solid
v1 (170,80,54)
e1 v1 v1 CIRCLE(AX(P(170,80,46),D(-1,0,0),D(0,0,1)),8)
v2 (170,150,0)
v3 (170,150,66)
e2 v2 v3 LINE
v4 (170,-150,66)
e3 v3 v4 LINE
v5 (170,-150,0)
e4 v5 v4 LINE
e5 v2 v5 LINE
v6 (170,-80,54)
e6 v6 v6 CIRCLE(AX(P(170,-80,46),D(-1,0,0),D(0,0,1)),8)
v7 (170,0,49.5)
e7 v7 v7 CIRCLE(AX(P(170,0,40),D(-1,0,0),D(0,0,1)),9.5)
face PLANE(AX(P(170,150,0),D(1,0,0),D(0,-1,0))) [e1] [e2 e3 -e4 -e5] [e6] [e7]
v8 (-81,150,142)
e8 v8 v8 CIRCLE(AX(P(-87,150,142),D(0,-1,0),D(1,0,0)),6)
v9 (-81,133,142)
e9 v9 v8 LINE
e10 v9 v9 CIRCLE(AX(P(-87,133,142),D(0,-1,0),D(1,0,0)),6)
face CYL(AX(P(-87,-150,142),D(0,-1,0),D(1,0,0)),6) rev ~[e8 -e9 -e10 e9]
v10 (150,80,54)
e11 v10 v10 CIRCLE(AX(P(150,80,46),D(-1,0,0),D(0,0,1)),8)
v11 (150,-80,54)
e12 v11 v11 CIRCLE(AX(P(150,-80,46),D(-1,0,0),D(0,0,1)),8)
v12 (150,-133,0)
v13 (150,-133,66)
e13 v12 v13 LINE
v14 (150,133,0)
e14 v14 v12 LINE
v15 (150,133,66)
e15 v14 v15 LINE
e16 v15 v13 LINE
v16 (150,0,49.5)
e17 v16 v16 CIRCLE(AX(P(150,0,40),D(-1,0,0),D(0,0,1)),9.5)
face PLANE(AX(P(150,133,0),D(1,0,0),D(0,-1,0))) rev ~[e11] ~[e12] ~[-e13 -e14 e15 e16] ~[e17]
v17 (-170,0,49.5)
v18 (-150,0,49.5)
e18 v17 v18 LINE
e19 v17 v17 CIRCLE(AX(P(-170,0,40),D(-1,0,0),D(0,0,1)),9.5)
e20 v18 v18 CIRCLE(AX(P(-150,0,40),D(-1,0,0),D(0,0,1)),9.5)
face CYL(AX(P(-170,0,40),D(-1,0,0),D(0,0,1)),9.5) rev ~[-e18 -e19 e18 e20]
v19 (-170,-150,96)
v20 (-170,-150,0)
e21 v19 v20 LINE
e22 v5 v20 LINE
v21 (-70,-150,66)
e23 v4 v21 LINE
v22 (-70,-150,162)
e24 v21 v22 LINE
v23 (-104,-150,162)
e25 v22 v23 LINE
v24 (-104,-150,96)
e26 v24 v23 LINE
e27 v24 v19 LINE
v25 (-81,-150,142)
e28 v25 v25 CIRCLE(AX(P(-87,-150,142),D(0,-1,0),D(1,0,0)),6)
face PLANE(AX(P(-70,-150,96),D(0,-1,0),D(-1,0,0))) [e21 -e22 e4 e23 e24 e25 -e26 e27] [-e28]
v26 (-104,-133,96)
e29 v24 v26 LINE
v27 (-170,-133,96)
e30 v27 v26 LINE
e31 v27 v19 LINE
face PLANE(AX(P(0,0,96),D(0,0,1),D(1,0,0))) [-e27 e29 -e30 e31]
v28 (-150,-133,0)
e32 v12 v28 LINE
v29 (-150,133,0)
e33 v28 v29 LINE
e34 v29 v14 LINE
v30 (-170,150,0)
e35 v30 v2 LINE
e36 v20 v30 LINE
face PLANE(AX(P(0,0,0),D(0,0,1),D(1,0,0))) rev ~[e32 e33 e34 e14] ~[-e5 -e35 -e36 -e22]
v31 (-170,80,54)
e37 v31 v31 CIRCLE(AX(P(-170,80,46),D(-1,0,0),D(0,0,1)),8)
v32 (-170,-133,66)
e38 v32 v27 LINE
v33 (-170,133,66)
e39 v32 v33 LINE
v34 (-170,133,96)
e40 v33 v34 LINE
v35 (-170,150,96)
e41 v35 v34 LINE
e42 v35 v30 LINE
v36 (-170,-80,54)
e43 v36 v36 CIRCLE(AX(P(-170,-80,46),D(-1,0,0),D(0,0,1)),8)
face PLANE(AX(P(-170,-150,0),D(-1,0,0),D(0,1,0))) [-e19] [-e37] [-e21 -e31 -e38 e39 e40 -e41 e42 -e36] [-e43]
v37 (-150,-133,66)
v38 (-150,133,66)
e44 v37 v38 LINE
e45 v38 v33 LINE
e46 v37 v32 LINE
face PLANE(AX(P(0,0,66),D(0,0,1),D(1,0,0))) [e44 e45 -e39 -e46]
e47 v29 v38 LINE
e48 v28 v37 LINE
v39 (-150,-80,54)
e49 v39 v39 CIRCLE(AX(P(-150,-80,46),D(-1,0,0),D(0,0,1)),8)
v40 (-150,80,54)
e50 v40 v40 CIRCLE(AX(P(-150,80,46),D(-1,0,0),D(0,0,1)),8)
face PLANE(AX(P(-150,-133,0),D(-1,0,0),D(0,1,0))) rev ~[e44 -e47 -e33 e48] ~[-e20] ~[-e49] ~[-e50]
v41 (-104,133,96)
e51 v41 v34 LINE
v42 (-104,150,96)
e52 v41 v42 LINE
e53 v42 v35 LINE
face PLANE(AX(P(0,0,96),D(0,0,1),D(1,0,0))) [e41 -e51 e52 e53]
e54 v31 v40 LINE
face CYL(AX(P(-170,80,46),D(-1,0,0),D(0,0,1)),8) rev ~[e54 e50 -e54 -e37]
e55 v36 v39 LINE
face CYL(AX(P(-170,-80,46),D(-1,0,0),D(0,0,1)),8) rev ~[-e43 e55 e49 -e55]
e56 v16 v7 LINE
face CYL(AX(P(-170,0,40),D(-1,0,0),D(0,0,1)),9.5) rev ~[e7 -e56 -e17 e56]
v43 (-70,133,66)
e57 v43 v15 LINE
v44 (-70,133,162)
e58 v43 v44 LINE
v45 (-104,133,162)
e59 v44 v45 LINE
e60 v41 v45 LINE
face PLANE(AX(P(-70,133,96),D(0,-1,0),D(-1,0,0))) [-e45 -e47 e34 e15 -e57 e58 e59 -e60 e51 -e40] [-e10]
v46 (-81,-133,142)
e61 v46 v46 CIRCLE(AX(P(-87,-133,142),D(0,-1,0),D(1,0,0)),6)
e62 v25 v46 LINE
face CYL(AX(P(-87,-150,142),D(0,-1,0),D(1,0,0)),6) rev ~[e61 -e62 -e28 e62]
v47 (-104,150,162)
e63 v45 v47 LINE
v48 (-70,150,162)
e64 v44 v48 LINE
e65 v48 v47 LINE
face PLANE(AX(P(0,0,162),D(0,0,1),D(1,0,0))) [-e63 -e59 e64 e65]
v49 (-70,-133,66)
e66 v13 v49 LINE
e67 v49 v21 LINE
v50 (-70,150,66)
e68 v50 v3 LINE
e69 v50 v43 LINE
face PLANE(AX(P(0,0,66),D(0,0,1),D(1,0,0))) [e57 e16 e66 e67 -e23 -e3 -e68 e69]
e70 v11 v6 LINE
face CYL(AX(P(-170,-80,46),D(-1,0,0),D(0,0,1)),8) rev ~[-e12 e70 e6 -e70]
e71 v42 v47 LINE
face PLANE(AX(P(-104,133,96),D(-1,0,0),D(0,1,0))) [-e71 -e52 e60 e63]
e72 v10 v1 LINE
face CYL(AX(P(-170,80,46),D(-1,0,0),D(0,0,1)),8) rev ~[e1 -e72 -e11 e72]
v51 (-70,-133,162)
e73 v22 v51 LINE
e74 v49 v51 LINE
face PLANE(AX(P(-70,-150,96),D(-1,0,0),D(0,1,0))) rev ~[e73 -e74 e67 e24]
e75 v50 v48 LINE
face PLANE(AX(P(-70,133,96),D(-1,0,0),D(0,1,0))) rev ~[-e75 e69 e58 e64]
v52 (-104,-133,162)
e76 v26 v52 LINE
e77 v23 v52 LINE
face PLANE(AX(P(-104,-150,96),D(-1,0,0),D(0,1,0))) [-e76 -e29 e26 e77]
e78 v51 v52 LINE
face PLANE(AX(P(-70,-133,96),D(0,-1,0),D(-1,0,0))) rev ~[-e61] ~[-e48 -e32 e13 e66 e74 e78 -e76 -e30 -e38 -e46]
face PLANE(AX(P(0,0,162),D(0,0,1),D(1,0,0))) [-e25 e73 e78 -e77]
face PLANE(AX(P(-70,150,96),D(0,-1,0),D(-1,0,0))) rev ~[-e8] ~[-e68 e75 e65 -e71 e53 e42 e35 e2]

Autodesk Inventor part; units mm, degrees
sketch "Sketch1" plane through (0, 0, 0) normal (0, 0, 1) x (1, 0, 0)
  line L0 (150, -133) -> (-150, -133)
  line L1 (-150, -133) -> (-150, 133)
  line L2 (-150, 133) -> (150, 133)
  line L3 (150, 133) -> (150, -133)
  line L4 (0, 0) -> (0, 56.2774)
  line L5 (0, 0) -> (78.3407, 0)
  line L6 (170, -150) -> (-170, -150)
  line L7 (-170, -150) -> (-170, 150)
  line L8 (-170, 150) -> (170, 150)
  line L9 (170, 150) -> (170, -150)
  point P0 (0, 133)
  point P1 (150, 0)
  dimension "d0" = 300
  dimension "d1" = 266
  dimension "d2" = 17
  dimension "d3" = 17
  dimension "d4" = 20
  dimension "d5" = 20
extrude "Extrusion1" add sketch "Sketch1" along normal blind 66
sketch "Sketch2" plane through (-170, -150, 0) normal (-1, 0, 0) x (0, 0, 1)
  circle A0 centre (46, 230) radius 8 projected
  circle A1 centre (46, 70) radius 8 projected
  circle A2 centre (46, 230) radius 8
  circle A3 centre (46, 70) radius 8
  circle A4 centre (40, 150) radius 9.5 projected
  circle A5 centre (40, 150) radius 9.5
  point P0 (0, 150)
extrude "Extrusion2" cut sketch "Sketch2" against normal through all
sketch "Sketch4" plane through (0, 0, 66) normal (0, 0, 1) x (1, 0, 0)
  line L0 (150, -133) -> (-150, -133) projected
  line L1 (170, 150) -> (-170, 150) projected
  line L2 (-170, 150) -> (-170, -150) projected
  line L3 (-70, -150) -> (-170, -150)
  line L4 (-170, -150) -> (-170, -133)
  line L5 (-170, -133) -> (-70, -133)
  line L6 (-70, -133) -> (-70, -150)
  line L7 (-70, 133) -> (-170, 133)
  line L8 (-170, 133) -> (-170, 150)
  line L9 (-170, 150) -> (-70, 150)
  line L10 (-70, 150) -> (-70, 133)
  point P0 (0, 0)
  dimension "d14" = 100
  dimension "d15" = 17
  dimension "d17" = 100
  dimension "d18" = 17
extrude "Extrusion3" add sketch "Sketch4" along normal blind 30
ref_plane "Work Plane1" through (-87, -150, 162) normal (0, 0, 1) x (1, 0, 0)
ref_plane "Work Plane2" through (-87, 133, 162) normal (0, 0, 1) x (1, 0, 0)
ref_plane "Work Plane3" through (-87, -150, 162) normal (0, 0, 1) x (1, 0, 0)
sketch "Sketch9" plane through (0, 0, 96) normal (0, 0, 1) x (1, 0, 0)
  line L0 (-70, 133) -> (-70, 150) projected
  line L1 (-70, 150) -> (-170, 150) projected
  line L2 (-104, 133) -> (-104, 150) projected
  line L3 (-70, 133) -> (-104, 133)
  line L4 (-104, 133) -> (-104, 150)
  line L5 (-104, 150) -> (-70, 150)
  line L6 (-70, 150) -> (-70, 133)
  point P0 (0, 0)
ref_plane "Work Plane4" through (-157, 133, 162) normal (0, 0, 1) x (1, 0, 0)
extrude "Extrusion8" add sketch "Sketch9" along normal up to surface (66 mm away)
sketch "Sketch10" plane through (0, 0, 96) normal (0, 0, 1) x (1, 0, 0)
  line L0 (-70, -150) -> (-70, -133) projected
  line L1 (-70, -133) -> (-170, -133) projected
  line L2 (-104, -150) -> (-104, -133) projected
  line L3 (-70, -150) -> (-104, -150)
  line L4 (-104, -150) -> (-104, -133)
  line L5 (-104, -133) -> (-70, -133)
  line L6 (-70, -133) -> (-70, -150)
  point P0 (0, 0)
ref_plane "Work Plane5" through (-157, -150, 162) normal (0, 0, 1) x (1, 0, 0)
extrude "Extrusion9" add sketch "Sketch10" along normal up to surface (66 mm away)
sketch "Sketch11" plane through (-170, -150, 0) normal (0, -1, 0) x (1, 0, 0)
  circle A0 centre (83, 142) radius 6
  point P0 (170, 0)
extrude "Extrusion10" cut sketch "Sketch11" against normal through all
sketch "Sketch12" plane through (0, 0, 0) normal (0, 1, 0) x (-1, 0, 0)
  point P0 (0, 0)
properties part number "Base" material "Wood (Birch)"
